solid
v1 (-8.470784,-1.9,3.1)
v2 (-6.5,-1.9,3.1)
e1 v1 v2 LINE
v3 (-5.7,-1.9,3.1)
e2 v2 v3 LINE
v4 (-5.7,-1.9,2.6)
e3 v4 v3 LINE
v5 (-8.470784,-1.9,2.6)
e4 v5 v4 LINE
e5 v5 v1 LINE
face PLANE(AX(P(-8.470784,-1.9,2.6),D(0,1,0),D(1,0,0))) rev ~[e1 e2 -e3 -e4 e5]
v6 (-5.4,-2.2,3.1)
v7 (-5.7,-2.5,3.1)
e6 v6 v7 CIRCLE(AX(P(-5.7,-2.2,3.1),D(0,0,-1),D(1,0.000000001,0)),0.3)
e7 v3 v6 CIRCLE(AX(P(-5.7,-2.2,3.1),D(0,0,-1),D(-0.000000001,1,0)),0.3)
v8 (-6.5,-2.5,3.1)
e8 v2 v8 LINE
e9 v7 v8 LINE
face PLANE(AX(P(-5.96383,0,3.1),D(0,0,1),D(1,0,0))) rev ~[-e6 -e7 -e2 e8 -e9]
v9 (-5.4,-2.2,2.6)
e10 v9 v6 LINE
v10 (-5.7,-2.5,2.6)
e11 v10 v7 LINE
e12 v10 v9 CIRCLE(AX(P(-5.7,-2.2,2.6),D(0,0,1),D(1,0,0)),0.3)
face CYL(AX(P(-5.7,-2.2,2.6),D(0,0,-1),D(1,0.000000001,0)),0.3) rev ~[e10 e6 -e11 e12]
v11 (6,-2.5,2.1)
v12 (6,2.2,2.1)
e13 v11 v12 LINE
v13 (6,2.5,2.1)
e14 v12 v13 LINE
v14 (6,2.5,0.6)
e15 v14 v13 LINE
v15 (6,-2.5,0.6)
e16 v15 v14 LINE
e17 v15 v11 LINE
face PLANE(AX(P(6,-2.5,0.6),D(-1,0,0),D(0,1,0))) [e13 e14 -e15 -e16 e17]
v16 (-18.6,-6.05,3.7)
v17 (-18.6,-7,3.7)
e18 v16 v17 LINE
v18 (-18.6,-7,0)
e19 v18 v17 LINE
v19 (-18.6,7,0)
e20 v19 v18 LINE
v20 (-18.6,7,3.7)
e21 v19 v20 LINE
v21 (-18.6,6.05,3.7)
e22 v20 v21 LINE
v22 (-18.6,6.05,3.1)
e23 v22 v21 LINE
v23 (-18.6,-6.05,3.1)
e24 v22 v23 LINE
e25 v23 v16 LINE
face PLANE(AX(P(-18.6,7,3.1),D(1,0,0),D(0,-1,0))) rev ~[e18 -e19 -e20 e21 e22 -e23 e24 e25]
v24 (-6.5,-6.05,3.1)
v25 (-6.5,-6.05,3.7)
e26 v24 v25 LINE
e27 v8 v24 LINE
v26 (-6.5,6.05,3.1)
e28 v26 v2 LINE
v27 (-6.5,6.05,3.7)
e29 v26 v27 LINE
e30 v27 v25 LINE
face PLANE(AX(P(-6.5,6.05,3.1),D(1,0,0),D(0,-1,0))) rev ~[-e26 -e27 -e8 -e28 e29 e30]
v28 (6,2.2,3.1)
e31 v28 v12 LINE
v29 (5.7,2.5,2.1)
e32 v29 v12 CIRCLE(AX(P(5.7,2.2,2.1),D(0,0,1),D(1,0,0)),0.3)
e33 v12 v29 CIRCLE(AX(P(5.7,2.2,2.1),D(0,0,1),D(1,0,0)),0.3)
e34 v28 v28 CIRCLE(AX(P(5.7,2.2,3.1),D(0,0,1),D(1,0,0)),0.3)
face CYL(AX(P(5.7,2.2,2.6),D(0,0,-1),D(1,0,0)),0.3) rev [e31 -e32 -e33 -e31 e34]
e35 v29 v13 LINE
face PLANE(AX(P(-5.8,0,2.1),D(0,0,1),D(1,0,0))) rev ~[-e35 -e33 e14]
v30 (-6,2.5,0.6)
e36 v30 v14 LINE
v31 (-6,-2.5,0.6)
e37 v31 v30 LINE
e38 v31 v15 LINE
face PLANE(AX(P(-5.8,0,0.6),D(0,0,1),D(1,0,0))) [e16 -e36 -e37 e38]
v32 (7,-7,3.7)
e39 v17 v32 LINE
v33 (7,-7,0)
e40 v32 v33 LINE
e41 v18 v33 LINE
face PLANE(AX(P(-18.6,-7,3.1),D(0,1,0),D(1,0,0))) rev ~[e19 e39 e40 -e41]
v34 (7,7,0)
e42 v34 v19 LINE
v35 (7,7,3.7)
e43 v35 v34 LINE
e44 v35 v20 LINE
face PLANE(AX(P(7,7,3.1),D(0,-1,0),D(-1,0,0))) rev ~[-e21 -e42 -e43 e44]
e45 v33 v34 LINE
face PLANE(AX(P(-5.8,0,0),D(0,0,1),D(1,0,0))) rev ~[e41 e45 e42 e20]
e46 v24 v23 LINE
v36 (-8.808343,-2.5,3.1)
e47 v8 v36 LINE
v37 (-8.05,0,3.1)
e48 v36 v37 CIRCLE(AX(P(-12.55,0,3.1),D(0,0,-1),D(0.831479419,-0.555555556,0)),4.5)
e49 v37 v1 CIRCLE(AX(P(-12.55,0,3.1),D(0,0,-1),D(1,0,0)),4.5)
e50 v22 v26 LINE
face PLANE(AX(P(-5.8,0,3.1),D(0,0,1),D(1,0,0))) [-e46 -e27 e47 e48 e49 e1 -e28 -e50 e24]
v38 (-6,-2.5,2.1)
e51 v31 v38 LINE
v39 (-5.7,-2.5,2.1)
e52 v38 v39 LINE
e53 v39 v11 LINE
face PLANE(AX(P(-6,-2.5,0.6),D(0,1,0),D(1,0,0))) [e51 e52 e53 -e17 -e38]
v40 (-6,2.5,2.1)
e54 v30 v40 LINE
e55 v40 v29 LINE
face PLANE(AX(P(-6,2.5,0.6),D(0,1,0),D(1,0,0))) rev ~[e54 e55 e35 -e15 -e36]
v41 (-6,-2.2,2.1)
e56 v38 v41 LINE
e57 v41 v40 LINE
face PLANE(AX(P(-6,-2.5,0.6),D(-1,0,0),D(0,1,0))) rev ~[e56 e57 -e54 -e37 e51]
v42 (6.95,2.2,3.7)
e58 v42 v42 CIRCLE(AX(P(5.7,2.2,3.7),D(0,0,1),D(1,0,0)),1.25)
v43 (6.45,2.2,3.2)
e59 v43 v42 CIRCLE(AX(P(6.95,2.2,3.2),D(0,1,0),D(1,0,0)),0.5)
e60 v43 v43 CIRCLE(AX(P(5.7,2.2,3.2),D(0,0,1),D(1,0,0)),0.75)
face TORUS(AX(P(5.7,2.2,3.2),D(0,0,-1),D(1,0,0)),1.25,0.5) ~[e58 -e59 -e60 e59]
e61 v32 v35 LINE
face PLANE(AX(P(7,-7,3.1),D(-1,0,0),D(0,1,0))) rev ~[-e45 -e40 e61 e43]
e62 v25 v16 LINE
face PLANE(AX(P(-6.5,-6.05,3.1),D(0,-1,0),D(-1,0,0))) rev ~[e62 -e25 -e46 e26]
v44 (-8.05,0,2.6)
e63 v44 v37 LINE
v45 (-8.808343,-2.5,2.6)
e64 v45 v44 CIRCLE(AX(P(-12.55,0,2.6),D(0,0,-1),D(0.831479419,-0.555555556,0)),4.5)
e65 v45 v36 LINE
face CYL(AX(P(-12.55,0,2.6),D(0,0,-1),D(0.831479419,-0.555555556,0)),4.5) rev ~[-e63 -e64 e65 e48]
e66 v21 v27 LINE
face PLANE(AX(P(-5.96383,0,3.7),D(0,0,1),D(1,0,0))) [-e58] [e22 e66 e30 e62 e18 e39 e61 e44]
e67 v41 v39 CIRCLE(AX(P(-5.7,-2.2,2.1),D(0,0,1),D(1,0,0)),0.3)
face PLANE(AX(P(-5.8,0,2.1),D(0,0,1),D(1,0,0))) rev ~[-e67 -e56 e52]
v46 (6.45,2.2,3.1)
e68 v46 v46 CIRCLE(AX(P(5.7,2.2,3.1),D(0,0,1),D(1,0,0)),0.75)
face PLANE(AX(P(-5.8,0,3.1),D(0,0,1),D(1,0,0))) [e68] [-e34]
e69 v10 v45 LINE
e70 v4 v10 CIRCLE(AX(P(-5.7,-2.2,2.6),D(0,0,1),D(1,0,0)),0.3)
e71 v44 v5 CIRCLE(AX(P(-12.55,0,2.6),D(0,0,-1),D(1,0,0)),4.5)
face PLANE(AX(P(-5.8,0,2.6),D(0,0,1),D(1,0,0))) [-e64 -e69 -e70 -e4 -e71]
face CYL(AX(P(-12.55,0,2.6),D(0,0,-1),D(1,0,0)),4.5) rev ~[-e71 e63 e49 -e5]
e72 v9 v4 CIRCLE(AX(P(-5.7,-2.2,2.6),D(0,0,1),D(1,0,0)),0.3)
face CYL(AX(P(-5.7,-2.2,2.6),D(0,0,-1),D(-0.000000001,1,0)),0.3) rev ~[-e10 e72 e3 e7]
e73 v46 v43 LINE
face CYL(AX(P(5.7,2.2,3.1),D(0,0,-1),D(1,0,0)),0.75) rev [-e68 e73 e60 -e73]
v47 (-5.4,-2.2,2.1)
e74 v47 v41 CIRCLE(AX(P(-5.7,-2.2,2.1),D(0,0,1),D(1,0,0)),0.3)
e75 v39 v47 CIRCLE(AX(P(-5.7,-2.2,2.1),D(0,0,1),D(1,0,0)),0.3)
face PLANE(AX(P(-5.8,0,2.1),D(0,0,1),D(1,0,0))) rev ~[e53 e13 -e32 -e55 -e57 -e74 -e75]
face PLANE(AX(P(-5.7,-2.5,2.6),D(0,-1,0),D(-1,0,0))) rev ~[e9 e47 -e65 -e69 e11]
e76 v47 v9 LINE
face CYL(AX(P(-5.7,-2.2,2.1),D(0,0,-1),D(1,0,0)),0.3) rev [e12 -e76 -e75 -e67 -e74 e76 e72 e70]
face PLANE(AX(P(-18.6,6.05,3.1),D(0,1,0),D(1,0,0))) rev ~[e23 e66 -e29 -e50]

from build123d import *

# Parameters (mm, degrees)
F2_DEPTH  = 0.6
F3_W      = 12
F3_H      = 5
F4_DEPTH  = 1.5
F5_R      = 0.3
F6_DEPTH  = 0.5
F7_R      = 0.3
F8_DEPTH  = 0.5
F9_R      = 0.75
F10_DEPTH = 0.6
F11_R     = 0.5


with BuildPart() as f2:
    # F1 (on face) → F2 (new body)
    with BuildSketch(Plane.XY):
        Polygon((7, 7), (-18.6, 7), (-18.6, 6.05), (-18.6, -6.05), (-18.6, -7), (7, -7), align=None)
    extrude(amount=F2_DEPTH)

    # F3 (on face) → F4 (join)
    with BuildSketch(Plane.XY.offset(0.6)):
        Polygon((7, 7), (-18.6, 7), (-18.6, 6.05), (-18.6, -6.05), (-18.6, -7), (7, -7), align=None)
        Rectangle(F3_W, F3_H, mode=Mode.SUBTRACT)
    extrude(amount=F4_DEPTH)

    # F5 (on face) → F6 (join)
    with BuildSketch(Plane.XY.offset(2.1)):
        Polygon((7, 7), (-18.6, 7), (-18.6, 6.05), (-18.6, -6.05), (-18.6, -7), (7, -7), align=None)
        with Locations((-5.7, -2.2)):
            Circle(F5_R, mode=Mode.SUBTRACT)
        with Locations((5.7, 2.2)):
            Circle(F5_R, mode=Mode.SUBTRACT)
    extrude(amount=F6_DEPTH)

    # F7 (on face) → F8 (join)
    with BuildSketch(Plane.XY.offset(2.6)):
        Polygon((7, 7), (-18.6, 7), (-18.6, 6.05), (-18.6, -6.05), (-18.6, -7), (7, -7), align=None)
        with BuildLine():
            ThreePointArc((-5.7, -1.9), (-5.4878679656, -1.9878679656), (-5.4, -2.2))
            ThreePointArc((-5.4, -2.2), (-5.4878679656, -2.4121320344), (-5.7, -2.5))
            Line((-5.7, -2.5), (-8.8083426132, -2.5))
            ThreePointArc((-8.8083426132, -2.5), (-16.8562430401, 1.3062430401), (-8.05, 0))
            ThreePointArc((-8.05, 0), (-8.1564552894, -0.9730184354), (-8.4707843891, -1.9))
            Line((-8.4707843891, -1.9), (-5.7, -1.9))
        make_face(mode=Mode.SUBTRACT)
        with Locations((5.7, 2.2)):
            Circle(F7_R, mode=Mode.SUBTRACT)
    extrude(amount=F8_DEPTH)

    # F9 (on face) → F10 (join)
    with BuildSketch(Plane.XY.offset(3.1)):
        Polygon((7, 7), (-18.6, 7), (-18.6, 6.05), (-6.5, 6.05), (-6.5, -6.05), (-18.6, -6.05), (-18.6, -7), (7, -7), align=None)
        with Locations((5.7, 2.2)):
            Circle(F9_R, mode=Mode.SUBTRACT)
    extrude(amount=F10_DEPTH)

    # F11
    f11_edges = [f2.edges().sort_by_distance(p)[0] for p in [
        (4.95, 2.2, 3.7),
    ]]
    fillet(f11_edges, radius=F11_R)


solid = f2.part
